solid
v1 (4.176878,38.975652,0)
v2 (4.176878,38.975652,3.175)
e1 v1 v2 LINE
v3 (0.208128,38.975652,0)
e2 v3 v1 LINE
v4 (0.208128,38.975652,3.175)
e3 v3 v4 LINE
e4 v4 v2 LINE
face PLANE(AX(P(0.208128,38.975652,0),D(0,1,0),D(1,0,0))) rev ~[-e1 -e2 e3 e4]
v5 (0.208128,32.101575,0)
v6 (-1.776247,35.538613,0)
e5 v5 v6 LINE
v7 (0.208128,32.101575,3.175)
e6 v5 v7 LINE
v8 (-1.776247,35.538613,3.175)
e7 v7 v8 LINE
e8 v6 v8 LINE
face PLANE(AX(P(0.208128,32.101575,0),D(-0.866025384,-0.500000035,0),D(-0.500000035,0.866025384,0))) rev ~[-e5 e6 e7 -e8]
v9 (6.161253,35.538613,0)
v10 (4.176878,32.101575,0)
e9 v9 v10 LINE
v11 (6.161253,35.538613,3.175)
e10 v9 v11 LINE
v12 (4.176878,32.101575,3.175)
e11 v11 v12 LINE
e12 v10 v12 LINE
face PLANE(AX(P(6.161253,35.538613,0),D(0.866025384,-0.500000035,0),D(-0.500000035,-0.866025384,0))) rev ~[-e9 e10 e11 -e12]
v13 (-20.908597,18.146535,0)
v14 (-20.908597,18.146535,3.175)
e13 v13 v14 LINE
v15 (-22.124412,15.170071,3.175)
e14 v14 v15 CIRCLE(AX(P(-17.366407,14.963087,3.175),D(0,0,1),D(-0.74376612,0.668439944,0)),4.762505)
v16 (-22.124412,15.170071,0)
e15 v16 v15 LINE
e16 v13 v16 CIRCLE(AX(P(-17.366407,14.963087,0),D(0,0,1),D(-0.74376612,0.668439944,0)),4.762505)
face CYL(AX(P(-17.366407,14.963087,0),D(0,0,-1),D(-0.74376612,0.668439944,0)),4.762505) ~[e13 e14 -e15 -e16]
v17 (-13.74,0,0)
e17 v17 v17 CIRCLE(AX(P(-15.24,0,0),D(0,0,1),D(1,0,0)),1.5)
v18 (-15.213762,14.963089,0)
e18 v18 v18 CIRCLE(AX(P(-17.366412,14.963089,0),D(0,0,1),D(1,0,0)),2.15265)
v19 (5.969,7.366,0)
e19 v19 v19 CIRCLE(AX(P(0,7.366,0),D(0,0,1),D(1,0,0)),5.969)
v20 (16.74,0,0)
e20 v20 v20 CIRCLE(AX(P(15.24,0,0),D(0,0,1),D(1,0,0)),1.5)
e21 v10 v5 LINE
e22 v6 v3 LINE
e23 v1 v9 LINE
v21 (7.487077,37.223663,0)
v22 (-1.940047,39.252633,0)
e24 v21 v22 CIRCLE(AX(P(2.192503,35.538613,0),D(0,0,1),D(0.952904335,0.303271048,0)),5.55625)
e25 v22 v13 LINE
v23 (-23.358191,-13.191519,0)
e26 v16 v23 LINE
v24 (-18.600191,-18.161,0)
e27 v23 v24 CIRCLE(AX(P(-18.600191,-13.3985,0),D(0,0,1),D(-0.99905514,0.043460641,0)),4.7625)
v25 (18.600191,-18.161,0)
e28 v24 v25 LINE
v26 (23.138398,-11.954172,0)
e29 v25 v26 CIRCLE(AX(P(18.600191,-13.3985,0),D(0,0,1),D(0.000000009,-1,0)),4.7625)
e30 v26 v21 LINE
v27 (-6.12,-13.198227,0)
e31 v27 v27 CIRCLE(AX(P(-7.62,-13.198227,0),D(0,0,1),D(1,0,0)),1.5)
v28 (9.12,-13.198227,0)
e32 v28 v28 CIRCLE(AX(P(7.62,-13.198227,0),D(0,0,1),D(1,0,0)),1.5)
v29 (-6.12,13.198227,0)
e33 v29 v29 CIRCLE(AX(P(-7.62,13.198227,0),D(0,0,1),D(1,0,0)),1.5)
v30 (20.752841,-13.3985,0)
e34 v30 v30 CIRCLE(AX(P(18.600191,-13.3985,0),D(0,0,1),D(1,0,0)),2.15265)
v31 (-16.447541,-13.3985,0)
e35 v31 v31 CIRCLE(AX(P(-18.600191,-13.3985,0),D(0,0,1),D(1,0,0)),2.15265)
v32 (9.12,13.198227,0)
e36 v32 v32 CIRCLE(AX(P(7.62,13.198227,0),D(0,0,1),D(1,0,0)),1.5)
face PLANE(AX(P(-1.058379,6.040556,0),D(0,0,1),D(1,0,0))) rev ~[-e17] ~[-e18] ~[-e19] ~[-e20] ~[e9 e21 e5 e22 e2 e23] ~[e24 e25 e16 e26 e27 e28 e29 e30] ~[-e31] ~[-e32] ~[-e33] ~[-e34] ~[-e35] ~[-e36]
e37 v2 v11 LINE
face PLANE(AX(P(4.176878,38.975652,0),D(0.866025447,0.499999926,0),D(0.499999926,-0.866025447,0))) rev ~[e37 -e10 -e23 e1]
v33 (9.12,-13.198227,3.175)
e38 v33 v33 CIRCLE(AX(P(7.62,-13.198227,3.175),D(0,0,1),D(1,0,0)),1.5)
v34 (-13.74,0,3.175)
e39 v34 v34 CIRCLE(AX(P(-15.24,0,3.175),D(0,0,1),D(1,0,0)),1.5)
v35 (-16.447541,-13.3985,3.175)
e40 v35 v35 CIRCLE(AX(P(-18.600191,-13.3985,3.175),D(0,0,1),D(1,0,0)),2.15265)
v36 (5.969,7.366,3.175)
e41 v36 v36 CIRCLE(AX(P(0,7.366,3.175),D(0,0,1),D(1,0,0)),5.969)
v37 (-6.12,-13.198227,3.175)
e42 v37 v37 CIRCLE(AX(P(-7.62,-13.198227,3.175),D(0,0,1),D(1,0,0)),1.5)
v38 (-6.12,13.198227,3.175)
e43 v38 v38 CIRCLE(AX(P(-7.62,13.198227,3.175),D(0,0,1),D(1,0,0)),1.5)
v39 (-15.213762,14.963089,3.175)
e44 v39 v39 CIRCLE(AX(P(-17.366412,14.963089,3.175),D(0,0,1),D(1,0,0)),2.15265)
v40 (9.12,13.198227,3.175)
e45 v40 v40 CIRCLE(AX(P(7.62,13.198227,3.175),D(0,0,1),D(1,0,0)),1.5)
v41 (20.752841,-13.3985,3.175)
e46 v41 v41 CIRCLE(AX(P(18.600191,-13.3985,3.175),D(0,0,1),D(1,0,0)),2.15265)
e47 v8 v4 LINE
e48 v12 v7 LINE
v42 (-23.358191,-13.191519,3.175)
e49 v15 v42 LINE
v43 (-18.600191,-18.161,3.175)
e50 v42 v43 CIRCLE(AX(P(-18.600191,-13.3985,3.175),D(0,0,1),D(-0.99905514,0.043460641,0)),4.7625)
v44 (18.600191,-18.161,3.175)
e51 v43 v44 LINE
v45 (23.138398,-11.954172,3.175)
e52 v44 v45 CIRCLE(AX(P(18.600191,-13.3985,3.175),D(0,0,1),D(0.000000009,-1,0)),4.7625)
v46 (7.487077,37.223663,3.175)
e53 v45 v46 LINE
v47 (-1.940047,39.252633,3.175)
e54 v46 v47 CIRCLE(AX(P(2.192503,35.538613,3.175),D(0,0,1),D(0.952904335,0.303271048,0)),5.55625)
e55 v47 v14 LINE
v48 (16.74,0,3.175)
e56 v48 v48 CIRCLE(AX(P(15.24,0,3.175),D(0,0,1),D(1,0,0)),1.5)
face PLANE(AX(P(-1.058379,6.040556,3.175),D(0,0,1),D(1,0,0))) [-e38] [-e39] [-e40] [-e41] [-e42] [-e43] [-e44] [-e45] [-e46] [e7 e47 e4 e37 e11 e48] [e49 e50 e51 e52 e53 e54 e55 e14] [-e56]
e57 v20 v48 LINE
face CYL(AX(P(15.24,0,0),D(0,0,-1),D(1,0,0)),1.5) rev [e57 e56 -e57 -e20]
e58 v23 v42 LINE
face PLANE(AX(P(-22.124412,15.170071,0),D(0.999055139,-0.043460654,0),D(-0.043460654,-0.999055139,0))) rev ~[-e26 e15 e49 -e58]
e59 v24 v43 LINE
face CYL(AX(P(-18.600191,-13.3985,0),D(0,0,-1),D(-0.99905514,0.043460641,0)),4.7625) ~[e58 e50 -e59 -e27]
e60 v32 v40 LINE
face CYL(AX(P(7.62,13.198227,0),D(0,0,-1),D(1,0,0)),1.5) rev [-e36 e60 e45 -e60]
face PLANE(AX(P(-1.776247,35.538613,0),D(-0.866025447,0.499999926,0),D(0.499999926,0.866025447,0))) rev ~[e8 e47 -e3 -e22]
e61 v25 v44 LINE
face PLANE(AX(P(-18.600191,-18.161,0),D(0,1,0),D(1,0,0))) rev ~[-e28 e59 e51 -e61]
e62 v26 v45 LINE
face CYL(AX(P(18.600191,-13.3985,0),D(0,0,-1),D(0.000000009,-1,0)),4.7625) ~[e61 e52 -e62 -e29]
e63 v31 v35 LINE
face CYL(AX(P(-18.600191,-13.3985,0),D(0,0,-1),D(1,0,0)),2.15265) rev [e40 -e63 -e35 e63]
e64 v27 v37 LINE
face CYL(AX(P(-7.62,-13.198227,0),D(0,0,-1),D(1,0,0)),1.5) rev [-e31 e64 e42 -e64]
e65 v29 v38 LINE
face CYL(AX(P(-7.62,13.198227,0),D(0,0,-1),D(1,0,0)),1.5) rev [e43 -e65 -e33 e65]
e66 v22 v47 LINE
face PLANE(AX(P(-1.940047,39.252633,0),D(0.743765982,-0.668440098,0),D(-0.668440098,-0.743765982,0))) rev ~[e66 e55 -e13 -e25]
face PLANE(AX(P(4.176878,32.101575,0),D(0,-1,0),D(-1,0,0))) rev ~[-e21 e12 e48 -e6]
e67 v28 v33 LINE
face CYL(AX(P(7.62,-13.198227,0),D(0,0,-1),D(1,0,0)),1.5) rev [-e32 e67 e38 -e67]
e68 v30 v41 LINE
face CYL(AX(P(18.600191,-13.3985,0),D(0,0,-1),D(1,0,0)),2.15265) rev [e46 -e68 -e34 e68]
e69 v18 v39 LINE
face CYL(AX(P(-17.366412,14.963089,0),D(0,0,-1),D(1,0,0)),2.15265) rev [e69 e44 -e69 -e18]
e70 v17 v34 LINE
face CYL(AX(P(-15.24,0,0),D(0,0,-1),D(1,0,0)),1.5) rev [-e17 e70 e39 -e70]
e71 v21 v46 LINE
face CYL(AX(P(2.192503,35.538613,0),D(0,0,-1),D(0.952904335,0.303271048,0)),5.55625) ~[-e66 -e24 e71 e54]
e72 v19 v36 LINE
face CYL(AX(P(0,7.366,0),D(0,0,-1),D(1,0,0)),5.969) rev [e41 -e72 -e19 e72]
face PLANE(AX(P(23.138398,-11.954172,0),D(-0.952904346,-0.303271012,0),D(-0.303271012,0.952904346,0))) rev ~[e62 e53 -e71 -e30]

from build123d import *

# Parameters (mm, degrees)
F0_R     = 2.15265
F0_R_2   = 1.5
F0_R_3   = 5.969
F1_DEPTH = 3.175


with BuildPart() as f1:
    # F0 (on Top) → F1 (new body)
    with BuildSketch(Plane.XY):
        with BuildLine():
            ThreePointArc((18.600191, -18.161), (22.444669, -16.209442), (23.138398, -11.954172))
            Line((23.138398, -11.954172), (7.487077, 37.223663))
            ThreePointArc((7.487077, 37.223663), (3.361586, 40.970478), (-1.940047, 39.252633))
            Line((-1.940047, 39.252633), (-20.908597, 18.146535))
            ThreePointArc((-20.908597, 18.146535), (-21.775278, 16.764006), (-22.124412, 15.170071))
            Line((-22.124412, 15.170071), (-23.358191, -13.191519))
            ThreePointArc((-23.358191, -13.191519), (-22.040188, -16.692104), (-18.600191, -18.161))
            Line((-18.600191, -18.161), (18.600191, -18.161))
        make_face()
        with Locations((-18.600191, -13.3985)):
            Circle(F0_R, mode=Mode.SUBTRACT)
        with Locations((-7.62, -13.198227)):
            Circle(F0_R_2, mode=Mode.SUBTRACT)
        with Locations((-15.24, 0)):
            Circle(F0_R_2, mode=Mode.SUBTRACT)
        with Locations((7.62, -13.198227)):
            Circle(F0_R_2, mode=Mode.SUBTRACT)
        with Locations((18.600191, -13.3985)):
            Circle(F0_R, mode=Mode.SUBTRACT)
        with Locations((0, 7.366)):
            Circle(F0_R_3, mode=Mode.SUBTRACT)
        with Locations((15.24, 0)):
            Circle(F0_R_2, mode=Mode.SUBTRACT)
        with Locations((-17.366412, 14.963089)):
            Circle(F0_R, mode=Mode.SUBTRACT)
        with Locations((-7.62, 13.198227)):
            Circle(F0_R_2, mode=Mode.SUBTRACT)
        with Locations((7.62, 13.198227)):
            Circle(F0_R_2, mode=Mode.SUBTRACT)
        Polygon((6.161253, 35.538613), (4.176878, 32.101575), (0.208128, 32.101575), (-1.776247, 35.538613), (0.208128, 38.975652), (4.176878, 38.975652), align=None, mode=Mode.SUBTRACT)
    extrude(amount=F1_DEPTH)


solid = f1.part
